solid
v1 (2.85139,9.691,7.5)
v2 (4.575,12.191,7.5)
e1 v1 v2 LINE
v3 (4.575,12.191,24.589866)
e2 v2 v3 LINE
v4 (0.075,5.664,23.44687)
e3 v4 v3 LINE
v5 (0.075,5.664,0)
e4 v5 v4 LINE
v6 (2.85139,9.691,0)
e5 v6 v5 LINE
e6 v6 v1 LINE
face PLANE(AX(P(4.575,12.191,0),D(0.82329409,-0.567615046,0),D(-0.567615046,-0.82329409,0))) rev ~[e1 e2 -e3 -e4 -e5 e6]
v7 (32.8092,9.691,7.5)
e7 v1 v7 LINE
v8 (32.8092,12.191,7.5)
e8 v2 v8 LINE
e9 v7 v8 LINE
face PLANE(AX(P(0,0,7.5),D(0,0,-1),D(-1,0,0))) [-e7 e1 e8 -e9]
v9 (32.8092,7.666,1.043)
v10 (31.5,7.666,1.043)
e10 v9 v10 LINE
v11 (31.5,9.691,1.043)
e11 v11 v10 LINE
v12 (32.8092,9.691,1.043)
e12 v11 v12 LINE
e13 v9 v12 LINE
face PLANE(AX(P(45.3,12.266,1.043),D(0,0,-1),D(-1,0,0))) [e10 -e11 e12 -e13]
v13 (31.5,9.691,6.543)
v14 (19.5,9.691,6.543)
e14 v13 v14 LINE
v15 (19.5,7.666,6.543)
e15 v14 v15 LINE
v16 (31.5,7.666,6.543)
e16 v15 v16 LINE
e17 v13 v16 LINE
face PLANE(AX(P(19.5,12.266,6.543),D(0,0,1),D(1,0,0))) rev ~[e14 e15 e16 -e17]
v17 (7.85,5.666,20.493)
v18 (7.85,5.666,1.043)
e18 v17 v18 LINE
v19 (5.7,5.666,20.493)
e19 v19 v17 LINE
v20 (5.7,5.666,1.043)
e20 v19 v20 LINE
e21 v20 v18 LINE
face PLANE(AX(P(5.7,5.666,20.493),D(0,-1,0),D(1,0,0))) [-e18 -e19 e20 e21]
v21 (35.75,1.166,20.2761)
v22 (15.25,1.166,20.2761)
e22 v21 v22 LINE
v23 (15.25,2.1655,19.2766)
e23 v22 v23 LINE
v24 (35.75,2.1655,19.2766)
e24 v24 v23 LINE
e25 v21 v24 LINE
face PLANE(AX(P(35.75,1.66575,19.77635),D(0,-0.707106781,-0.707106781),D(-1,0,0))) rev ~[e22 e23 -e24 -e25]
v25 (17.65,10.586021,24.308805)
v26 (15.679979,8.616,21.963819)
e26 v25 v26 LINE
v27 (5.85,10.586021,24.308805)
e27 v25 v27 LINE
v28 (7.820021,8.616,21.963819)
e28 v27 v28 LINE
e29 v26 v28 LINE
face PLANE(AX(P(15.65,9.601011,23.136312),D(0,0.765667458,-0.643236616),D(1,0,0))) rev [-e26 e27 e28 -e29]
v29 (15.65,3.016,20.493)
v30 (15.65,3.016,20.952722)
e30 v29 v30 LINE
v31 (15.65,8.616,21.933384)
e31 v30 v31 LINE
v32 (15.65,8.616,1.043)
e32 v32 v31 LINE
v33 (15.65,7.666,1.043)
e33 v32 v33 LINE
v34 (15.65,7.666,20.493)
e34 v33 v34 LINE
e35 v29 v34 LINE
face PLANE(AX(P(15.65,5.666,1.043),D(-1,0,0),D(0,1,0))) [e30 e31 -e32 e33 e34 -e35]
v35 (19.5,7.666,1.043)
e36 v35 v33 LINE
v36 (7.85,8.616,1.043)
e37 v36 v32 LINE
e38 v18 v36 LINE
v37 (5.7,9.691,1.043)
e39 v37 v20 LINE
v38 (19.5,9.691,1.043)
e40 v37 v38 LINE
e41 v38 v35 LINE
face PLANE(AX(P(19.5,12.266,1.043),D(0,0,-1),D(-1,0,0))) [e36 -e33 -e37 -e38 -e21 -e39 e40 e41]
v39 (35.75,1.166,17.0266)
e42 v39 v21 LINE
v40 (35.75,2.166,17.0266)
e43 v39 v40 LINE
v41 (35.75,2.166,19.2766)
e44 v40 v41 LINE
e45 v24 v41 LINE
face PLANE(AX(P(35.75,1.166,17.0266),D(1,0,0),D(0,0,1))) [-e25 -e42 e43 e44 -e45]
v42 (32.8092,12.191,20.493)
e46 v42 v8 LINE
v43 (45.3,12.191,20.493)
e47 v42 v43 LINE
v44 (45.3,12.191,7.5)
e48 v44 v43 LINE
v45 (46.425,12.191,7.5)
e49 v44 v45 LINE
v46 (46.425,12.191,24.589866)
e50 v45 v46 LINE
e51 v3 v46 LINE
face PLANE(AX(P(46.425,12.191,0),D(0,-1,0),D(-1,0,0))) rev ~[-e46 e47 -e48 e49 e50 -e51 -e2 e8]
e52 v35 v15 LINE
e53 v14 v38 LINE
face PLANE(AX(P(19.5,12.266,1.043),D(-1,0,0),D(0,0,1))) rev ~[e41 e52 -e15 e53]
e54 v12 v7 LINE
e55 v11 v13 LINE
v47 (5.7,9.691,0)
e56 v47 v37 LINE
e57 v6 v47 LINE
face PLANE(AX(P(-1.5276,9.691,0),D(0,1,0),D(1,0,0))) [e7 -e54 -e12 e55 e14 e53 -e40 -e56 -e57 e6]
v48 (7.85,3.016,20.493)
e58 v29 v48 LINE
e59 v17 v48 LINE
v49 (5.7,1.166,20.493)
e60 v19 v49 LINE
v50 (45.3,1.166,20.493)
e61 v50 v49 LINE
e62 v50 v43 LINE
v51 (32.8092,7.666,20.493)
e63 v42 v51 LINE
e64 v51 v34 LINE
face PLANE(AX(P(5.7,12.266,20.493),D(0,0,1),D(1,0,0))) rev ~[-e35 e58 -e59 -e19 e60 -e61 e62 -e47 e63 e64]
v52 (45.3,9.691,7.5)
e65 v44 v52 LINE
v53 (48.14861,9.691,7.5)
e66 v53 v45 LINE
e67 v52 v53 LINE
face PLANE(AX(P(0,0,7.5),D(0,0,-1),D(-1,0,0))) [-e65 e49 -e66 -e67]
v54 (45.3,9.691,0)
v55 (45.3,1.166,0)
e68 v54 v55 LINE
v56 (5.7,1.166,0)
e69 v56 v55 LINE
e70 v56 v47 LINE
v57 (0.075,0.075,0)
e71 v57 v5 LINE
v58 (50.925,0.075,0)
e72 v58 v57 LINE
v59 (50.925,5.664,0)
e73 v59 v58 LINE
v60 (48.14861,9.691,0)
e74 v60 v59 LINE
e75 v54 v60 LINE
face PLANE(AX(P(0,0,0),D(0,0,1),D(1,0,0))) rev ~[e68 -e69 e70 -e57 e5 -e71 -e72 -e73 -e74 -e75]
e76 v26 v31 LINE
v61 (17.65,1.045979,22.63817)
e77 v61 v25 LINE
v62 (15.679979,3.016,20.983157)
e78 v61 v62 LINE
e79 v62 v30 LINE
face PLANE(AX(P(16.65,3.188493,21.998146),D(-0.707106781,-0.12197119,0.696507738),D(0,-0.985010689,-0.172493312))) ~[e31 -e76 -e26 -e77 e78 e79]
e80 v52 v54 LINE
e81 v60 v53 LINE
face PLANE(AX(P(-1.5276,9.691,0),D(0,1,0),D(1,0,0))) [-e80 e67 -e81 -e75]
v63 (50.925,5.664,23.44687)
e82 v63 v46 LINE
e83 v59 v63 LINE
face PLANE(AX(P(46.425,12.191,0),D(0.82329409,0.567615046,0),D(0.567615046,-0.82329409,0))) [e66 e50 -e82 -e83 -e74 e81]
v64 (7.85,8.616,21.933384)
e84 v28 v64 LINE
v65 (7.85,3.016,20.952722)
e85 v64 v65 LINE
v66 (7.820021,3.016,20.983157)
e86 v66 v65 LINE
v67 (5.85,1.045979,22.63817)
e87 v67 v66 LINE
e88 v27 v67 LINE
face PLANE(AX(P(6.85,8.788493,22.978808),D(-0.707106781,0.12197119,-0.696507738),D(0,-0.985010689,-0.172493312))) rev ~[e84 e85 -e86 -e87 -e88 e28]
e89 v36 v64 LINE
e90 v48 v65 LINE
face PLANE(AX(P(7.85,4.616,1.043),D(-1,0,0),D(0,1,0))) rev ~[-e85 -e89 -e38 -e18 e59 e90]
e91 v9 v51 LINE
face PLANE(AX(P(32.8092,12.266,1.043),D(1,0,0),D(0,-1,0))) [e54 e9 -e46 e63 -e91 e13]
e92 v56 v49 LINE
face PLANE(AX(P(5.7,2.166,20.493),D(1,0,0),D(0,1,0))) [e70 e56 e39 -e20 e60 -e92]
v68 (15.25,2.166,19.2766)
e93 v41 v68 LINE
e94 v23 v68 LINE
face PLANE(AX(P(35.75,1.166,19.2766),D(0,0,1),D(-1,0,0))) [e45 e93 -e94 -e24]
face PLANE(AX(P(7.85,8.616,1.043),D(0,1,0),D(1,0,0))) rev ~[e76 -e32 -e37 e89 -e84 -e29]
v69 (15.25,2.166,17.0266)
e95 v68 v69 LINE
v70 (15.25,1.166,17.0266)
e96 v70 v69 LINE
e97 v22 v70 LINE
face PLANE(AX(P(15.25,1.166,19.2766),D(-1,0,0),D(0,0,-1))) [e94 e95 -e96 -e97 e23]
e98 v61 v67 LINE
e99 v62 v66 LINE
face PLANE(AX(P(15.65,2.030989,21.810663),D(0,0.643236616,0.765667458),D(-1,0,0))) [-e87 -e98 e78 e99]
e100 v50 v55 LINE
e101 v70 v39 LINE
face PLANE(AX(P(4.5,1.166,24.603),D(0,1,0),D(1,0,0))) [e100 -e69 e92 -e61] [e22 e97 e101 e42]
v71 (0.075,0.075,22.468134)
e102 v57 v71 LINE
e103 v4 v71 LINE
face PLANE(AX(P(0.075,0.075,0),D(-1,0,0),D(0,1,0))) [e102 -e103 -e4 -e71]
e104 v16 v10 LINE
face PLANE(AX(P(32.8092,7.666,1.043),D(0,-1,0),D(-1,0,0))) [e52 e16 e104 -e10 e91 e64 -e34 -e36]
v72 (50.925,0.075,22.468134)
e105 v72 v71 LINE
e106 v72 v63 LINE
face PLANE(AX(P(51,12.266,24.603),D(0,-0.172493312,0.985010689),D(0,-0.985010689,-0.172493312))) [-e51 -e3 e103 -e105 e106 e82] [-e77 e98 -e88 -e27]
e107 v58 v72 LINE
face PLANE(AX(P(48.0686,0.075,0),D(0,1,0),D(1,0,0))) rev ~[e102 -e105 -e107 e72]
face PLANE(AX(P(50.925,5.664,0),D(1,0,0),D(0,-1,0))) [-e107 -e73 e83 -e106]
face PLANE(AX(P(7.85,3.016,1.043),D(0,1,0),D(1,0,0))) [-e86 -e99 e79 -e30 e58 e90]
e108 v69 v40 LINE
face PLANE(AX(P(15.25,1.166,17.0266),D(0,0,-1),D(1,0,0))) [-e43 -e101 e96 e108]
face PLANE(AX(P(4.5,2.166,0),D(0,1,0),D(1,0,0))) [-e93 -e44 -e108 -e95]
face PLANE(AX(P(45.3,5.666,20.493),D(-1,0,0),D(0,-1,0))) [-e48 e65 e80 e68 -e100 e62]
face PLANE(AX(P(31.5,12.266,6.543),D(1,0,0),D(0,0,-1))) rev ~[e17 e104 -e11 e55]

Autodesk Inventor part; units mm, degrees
ref_plane "YZ Plane" through (0, 0, 0) normal (1, 0, 0) x (0, 1, 0)
ref_plane "XZ Plane" through (0, 0, 0) normal (0, 1, 0) x (-1, 0, 0)
sketch "Sketch1" plane through (0, 0, 0) normal (0, 0, 1) x (1, 0, 0)
  line L0 (0, 0) -> (51, 0)
  line L1 (51, 0) -> (51, 5.739)
  line L2 (51, 5.739) -> (0, 5.739) construction
  line L3 (0, 5.739) -> (0, 0)
  line L4 (4.5, 5.739) -> (46.5, 5.739)
  line L5 (46.5, 5.739) -> (46.5, 12.266) construction
  line L6 (46.5, 12.266) -> (4.5, 12.266)
  line L7 (4.5, 12.266) -> (4.5, 5.739) construction
  line L8 (4.5, 12.266) -> (0, 5.739)
  line L9 (46.5, 12.266) -> (51, 5.739)
  dimension "d0" = 51
  dimension "d1" = 5.739
  dimension "d2" = 42
  dimension "d3" = 4.5
  dimension "d4" = 12.266
extrude "Extrusion1" add sketch "Sketch1" along normal blind 22.455
sketch "Sketch2" plane through (51, 0, 0) normal (1, 0, 0) x (0, 0, -1)
  line L0 (-22.455, 12.266) -> (-22.455, 5.739) projected
  line L1 (-22.455, 12.266) -> (-24.603, 12.266)
  line L2 (-22.455, 5.739) -> (-22.455, 0) projected
  line L3 (-24.603, 12.266) -> (-22.455, 0)
  line L4 (-22.455, 0) -> (-22.455, 12.266)
  point P0 (0, 0)
  dimension "d7" = 2.148
extrude "Extrusion2" add sketch "Sketch2" against normal up to surface (51 mm away)
sketch "Sketch3" plane through (0, 0, 0) normal (0, 0, -1) x (-1, 0, 0)
  line L0 (-51, 5.739) -> (-46.5, 12.266) projected
  line L1 (-46.5, 12.266) -> (-51, 5.739)
  line L2 (-51, 5.739) -> (-60.9571, 11.6755)
  line L3 (-60.9571, 11.6755) -> (-47.5167, 21.4504)
  line L4 (-47.5167, 21.4504) -> (-46.5, 12.266)
  line L5 (-4.5, 12.266) -> (0, 12.266) projected
  line L6 (-46.5, 12.266) -> (-4.5, 12.266)
  line L7 (-4.5, 12.266) -> (0, 5.739) projected
  line L8 (-4.5, 12.266) -> (0, 5.739)
  line L9 (0, 5.739) -> (11.7434, 10.0464)
  line L10 (11.7434, 10.0464) -> (6.509, 19.8561)
  line L11 (6.509, 19.8561) -> (-3.5865, 15.5171)
  line L12 (-3.5865, 15.5171) -> (-4.5, 12.266)
  point P0 (0, 0)
extrude "Extrusion3" cut sketch "Sketch3" against normal up to surface surface through (51, 0, 22.455) normal (0, -0.1725, 0.985)
sketch "Sketch4" plane through (4.5, 12.266, 0) normal (0, 1, 0) x (1, 0, 0)
  line L0 (1.5, -1.193) -> (40.5, -1.193)
  line L1 (40.5, -1.193) -> (40.5, -20.193)
  line L2 (40.5, -20.193) -> (1.5, -20.193)
  line L3 (1.5, -20.193) -> (1.5, -1.193)
  line L4 (-4.5, 0) -> (-4.5, -23.46) projected
  line L5 (46.5, 0) -> (46.5, -23.46) projected
  line L6 (42, 0) -> (0, 0) projected
  dimension "d12" = 39
  dimension "d13" = 6
  dimension "d14" = 51
  dimension "d15" = 1.193
  dimension "d16" = 19
extrude "Extrusion4" cut sketch "Sketch4" against normal blind 11.1
sketch "Sketch5" plane through (6, 12.266, 1.193) normal (0, 0, 1) x (1, 0, 0)
  line L0 (8.3, -6.1) -> (13.3, -6.1)
  line L1 (13.3, -6.1) -> (13.3, -3.6)
  line L2 (13.3, -3.6) -> (8.3, -3.6)
  line L3 (8.3, -3.6) -> (8.3, -6.1)
  line L4 (25.7, -6.1) -> (30.7, -6.1)
  line L5 (30.7, -6.1) -> (30.7, -3.6)
  line L6 (30.7, -3.6) -> (25.7, -3.6)
  line L7 (25.7, -3.6) -> (25.7, -6.1)
  line L8 (0, -11.1) -> (39, -11.1) projected
  line L9 (15.3, -4.0951) -> (23.7, -4.0951) construction
  line L10 (23.7, -4.0951) -> (23.7, -9.0951) construction
  line L11 (23.7, -9.0951) -> (15.3, -9.0951) construction
  line L12 (15.3, -9.0951) -> (15.3, -4.0951) construction
  line L13 (0, 0) -> (0, -11.1) projected
  line L14 (39, 0) -> (39, -11.1) projected
  point P0 (-6, -12.266)
  dimension "d19" = 5
  dimension "d20" = 5
  dimension "d23" = 2.5
  dimension "d24" = 5
  dimension "d25" = 0
  dimension "d26" = 5
  dimension "d27" = 8.4
  dimension "d28" = 5
  dimension "d29" = 15.3
  dimension "d30" = 15.3
  dimension "d31" = 2
  dimension "d32" = 2
extrude "Extrusion5" add sketch "Sketch5" along normal blind 6
sketch "Sketch6" plane through (4.5, 1.166, 0) normal (0, 1, 0) x (1, 0, 0)
  line L0 (10.75, -17.0266) -> (31.25, -17.0266)
  line L1 (31.25, -17.0266) -> (31.25, -19.2766)
  line L2 (31.25, -19.2766) -> (10.75, -19.2766)
  line L3 (10.75, -19.2766) -> (10.75, -17.0266)
  line L4 (1.5, -20.193) -> (1.5, -1.193) projected
  point P0 (-4.5, 0)
  dimension "d35" = 2.25
  dimension "d36" = 20.5
  dimension "d37" = 9.25
extrude "Extrusion6" add sketch "Sketch6" along normal blind 1
sketch "Sketch7" plane through (45, 12.266, 20.193) normal (0, 0, -1) x (-1, 0, 0)
  line L0 (37, -7.5) -> (29.5, -7.5)
  line L1 (29.5, -7.5) -> (29.5, -3.8)
  line L2 (29.5, -3.8) -> (37, -3.8)
  line L3 (37, -3.8) -> (37, -7.5)
  line L4 (0, -11.1) -> (39, -11.1) projected
  line L5 (39, 0) -> (39, -11.1) projected
  line L6 (29.75, -10.1) -> (9.25, -10.1) projected
  point P0 (45, -12.266)
  dimension "d40" = 7.5
  dimension "d41" = 3.7
  dimension "d43" = 2
  dimension "d106" = 2.6
extrude "Extrusion7" cut sketch "Sketch7" against normal blind 8.25
sketch "Sketch9" plane through (4.5, 1.166, 0) normal (0, 1, 0) x (1, 0, 0)
  line L0 (9.8, -7.193) -> (14.8, -7.193) projected
  circle A0 centre (9.8, -7.193) radius 0.5
  circle A1 centre (14.8, -7.193) radius 0.5
  circle A2 centre (27.2, -7.193) radius 0.5
  line L1 (27.2, -7.193) -> (32.2, -7.193) projected
  circle A3 centre (32.2, -7.193) radius 0.5
  point P0 (-4.5, 0)
  dimension "d51" = 1
  dimension "d52" = 1
  dimension "d53" = 1
  dimension "d54" = 1
extrude "Extrusion9" add sketch "Sketch9" along normal blind 1
sketch "Sketch10" plane through (14.3, 2.166, 7.193) normal (0, 1, 0) x (1, 0, 0)
  line L0 (0, 0) -> (5, 0) projected
  circle A0 centre (0, 0) radius 1
  line L1 (5, 6) -> (5, 0) projected
  circle A1 centre (5, 0) radius 1
  circle A2 centre (17.4, 0) radius 0.5 projected
  circle A3 centre (17.4, 0) radius 1
  line L2 (17.4, 0) -> (22.4, 0) projected
  circle A4 centre (22.4, 0) radius 1
  point P0 (-14.3, 7.193)
  dimension "d57" = 2
  dimension "d58" = 2
  dimension "d59" = 2
  dimension "d60" = 2
extrude "Extrusion10" add sketch "Sketch10" along normal blind 3 contours A1 L1 L0 | L0 L1 A1 | A0 | A2 | A3 | A4
sketch "Sketch11" plane through (14.3, 5.166, 7.193) normal (0, 1, 0) x (1, 0, 0)
  circle A0 centre (0, 0) radius 0.5 projected
  circle A1 centre (0, 0) radius 0.5
  circle A2 centre (5, 0) radius 0.5 projected
  circle A3 centre (5, 0) radius 0.5
  circle A4 centre (17.4, 0) radius 0.5 projected
  circle A5 centre (17.4, 0) radius 0.5
  circle A6 centre (22.4, 0) radius 0.5 projected
  circle A7 centre (22.4, 0) radius 0.5
  point P0 (-14.3, 7.193)
extrude "Extrusion11" add sketch "Sketch11" along normal blind 1
ref_plane "Work Plane1" through (4.65, 12.116, 0) normal (0, 1, 0) x (1, 0, 0)
sketch "Sketch13" plane through (4.65, 12.116, 0) normal (0, 1, 0) x (1, 0, 0)
  line L0 (40.35, -20.193) -> (1.35, -20.193) projected
  line L1 (1.35, -20.193) -> (40.35, -20.193)
  line L2 (40.35, -20.193) -> (40.35, -20.343)
  line L3 (40.35, -20.343) -> (1.35, -20.343)
  line L4 (40.35, -20.343) -> (40.5, -20.343)
  line L5 (40.5, -20.343) -> (40.5, -1.193)
  line L6 (40.5, -1.193) -> (40.35, -1.193)
  line L7 (40.35, -1.193) -> (40.35, -20.343)
  line L8 (40.5, -1.193) -> (1.35, -1.193)
  line L9 (1.35, -1.193) -> (1.35, -1.043)
  line L10 (1.35, -1.043) -> (40.5, -1.043)
  line L11 (40.5, -1.043) -> (40.5, -1.193)
  line L12 (1.35, -1.043) -> (1.2, -1.043)
  line L13 (1.2, -1.043) -> (1.2, -20.343)
  line L14 (1.2, -20.343) -> (1.35, -20.343)
  line L15 (1.35, -20.193) -> (1.35, -1.043)
  point P0 (-4.65, 0)
  point P1 (1.35, -20.193)
  point P2 (1.35, -1.193)
  dimension "d77" = 0.15
  dimension "d78" = 0.15
  dimension "d79" = 0.15
  dimension "d80" = 0.15
extrude "Extrusion13" cut sketch "Sketch13" along normal blind 10.95 and the other way blind 10.95 contours L2 L3 L14 L13 L12 L9 L15 L0 | L7 L6 L5 L4 L2 | L8 L9 L10 L11 L6
sketch "Sketch14" plane through (14.3, 8.666, 7.193) normal (0, 1, 0) x (1, 0, 0)
  line L0 (0, 6) -> (5, 6) projected
  line L1 (0, 6) -> (5, 6)
  line L2 (5, 6) -> (5, 6.15)
  line L3 (5, 6.15) -> (0, 6.15)
  line L4 (0, 6.15) -> (0, 6)
  line L5 (17.4, 6) -> (17.4, 0) projected
  line L6 (17.4, 6) -> (22.4, 6)
  line L7 (22.4, 6) -> (22.4, 6.15)
  line L8 (22.4, 6.15) -> (17.4, 6.15)
  line L9 (17.4, 6.15) -> (17.4, 6)
  point P0 (-14.3, 7.193)
  dimension "d83" = 5
  dimension "d84" = 0.15
  dimension "d85" = 5
  dimension "d86" = 0.15
extrude "Extrusion14" add sketch "Sketch14" against normal up to surface (2.5 mm away)
sketch "Sketch16" plane through (4.5, 12.266, 24.603) normal (0, 1, 0) x (1, 0, 0)
  line L0 (1.35, 23.56) -> (40.65, 23.56) projected
  line L1 (1.35, 23.56) -> (1.2, 23.56)
  line L2 (1.2, 23.56) -> (1.2, 4.11)
  line L3 (1.2, 4.11) -> (1.35, 4.11)
  line L4 (1.35, 4.11) -> (1.35, 23.56)
  line L5 (40.65, 4.26) -> (1.35, 4.26) projected
  line L6 (40.65, 4.26) -> (1.35, 4.26) projected
  line L7 (1.35, 4.11) -> (40.65, 4.11)
  line L8 (40.65, 4.11) -> (40.65, 4.26)
  line L9 (40.65, 4.26) -> (1.35, 4.26)
  line L10 (1.35, 4.26) -> (1.35, 4.11)
  line L11 (40.65, 4.11) -> (40.8, 4.11)
  line L12 (40.8, 4.11) -> (40.8, 23.56)
  line L13 (40.8, 23.56) -> (40.65, 23.56)
  line L14 (40.65, 23.56) -> (40.65, 4.11)
  point P0 (-4.5, 24.603)
  point P1 (14.8, 23.56)
  point P2 (40.65, 4.26)
  dimension "d96" = 0.15
  dimension "d97" = 0.15
  dimension "d98" = 0.15
extrude "Extrusion16" cut sketch "Sketch16" against normal up to surface (11.1 mm away) contours L4 L3 L2 L1 | L13 L12 L11 L8 L14 | L5 L8 L7 L4
sketch "Sketch17" plane through (14.3, 8.666, 7.193) normal (0, 1, 0) x (1, 0, 0)
  line L0 (31, 6.15) -> (-8.6, 6.15) projected
  line L1 (-3.1355, -2.3842) -> (26.7601, -2.3842)
  line L2 (26.7601, -2.3842) -> (26.7601, 6.15)
  line L3 (26.7601, 6.15) -> (-3.1355, 6.15)
  line L4 (-3.1355, 6.15) -> (-3.1355, -2.3842)
  point P0 (-14.3, 7.193)
  point P1 (-3.1355, 6.15)
extrude "Extrusion17" cut sketch "Sketch17" against normal up to surface (7.5 mm away)
sketch "Sketch18" plane through (45.3, 12.266, 20.493) normal (0, 0, -1) x (-1, 0, 0)
  line L0 (37.3, -3.8) -> (29.8, -3.8) projected
  line L1 (29.8, -7.5) -> (37.3, -7.5) projected
  line L2 (29.8, -3.8) -> (37.3, -3.8)
  line L3 (37.3, -3.8) -> (37.3, -7.5)
  line L4 (37.3, -7.5) -> (29.8, -7.5)
  line L5 (29.8, -6.6) -> (29.8, -3.8)
  line L6 (0, -10.1) -> (39.6, -10.1)
  line L7 (39.6, -10.1) -> (39.6, -6.6)
  line L8 (0, -6.6) -> (0, -10.1)
  line L9 (39.6, -11.1) -> (0, -11.1) projected
  line L10 (0, 0) -> (0, -11.1) projected
  line L11 (39.6, 0) -> (39.6, -11.1) projected
  line L12 (12.4908, -6.6) -> (0, -6.6)
  line L13 (0, -6.6) -> (0, 1.6477)
  line L14 (0, 1.6477) -> (12.4908, 1.6477)
  line L15 (12.4908, 1.6477) -> (12.4908, -6.6)
  line L16 (39.6, -6.6) -> (37.3, -6.6)
  line L17 (29.8, -6.6) -> (0, -6.6)
  point P0 (45.3, -12.266)
  point P1 (37.3, -3.8)
  dimension "d107" = 1
  dimension "d108" = 0
  dimension "d109" = 0
  dimension "d110" = 3.5
extrude "Extrusion18" cut sketch "Sketch18" along normal up to surface (20.493 mm away) contours L3 L16 L7 L6 L8 L12 L17 L5 L0 | L12 L10 L13 L14 L15
sketch "Sketch19" plane through (5.7, 12.266, 1.043) normal (0, 0, 1) x (1, 0, 0)
  line L0 (0, 0) -> (0, -6.6) projected
  line L1 (0, 0) -> (0, -6.6)
  line L2 (0, -6.6) -> (2.3, -6.6) projected
  line L3 (0, -6.6) -> (2.3, -6.6)
  line L4 (2.3, -3.8) -> (2.3, -6.6) projected
  line L5 (2.3, -6.6) -> (2.3, -3.8)
  line L6 (9.8, -6.6) -> (9.8, -3.8) projected
  line L7 (2.3, -3.8) -> (9.8, -3.8)
  line L8 (9.8, -6.6) -> (27.1092, -6.6) projected
  line L9 (9.8, -3.8) -> (9.8, -6.6)
  line L10 (9.8, -6.6) -> (27.1092, -6.6)
  line L11 (27.1092, 0) -> (27.1092, -6.6) projected
  line L12 (27.1092, -6.6) -> (27.1092, 0)
  line L13 (0, 0) -> (27.1092, 0) projected
  line L14 (27.1092, 0) -> (0, 0)
  point P0 (-5.7, -12.266)
extrude "Extrusion19" add sketch "Sketch19" along normal up to surface (19.45 mm away)
chamfer "Chamfer5" distance 1 angle 45 1 edges at (25.5, 1.166, 19.2766)
sketch "Sketch20" plane through (4.5, 12.266, 24.603) normal (0, 1, 0) x (1, 0, 0)
  line L0 (27, 23.56) -> (15, 23.56)
  line L1 (15, 23.56) -> (15, 18.06)
  line L2 (15, 18.06) -> (27, 18.06)
  line L3 (27, 18.06) -> (27, 23.56)
  line L4 (42, 24.603) -> (42, 0) projected
  line L5 (40.8, 23.56) -> (1.2, 23.56) projected
  line L6 (40.8, 4.11) -> (40.8, 23.56) projected
  line L7 (28.3092, 24.603) -> (0, 24.603) projected
  line L8 (40.8, 23.56) -> (0, 23.56)
  line L9 (0, 23.56) -> (0, 24.603)
  line L10 (0, 24.603) -> (40.8, 24.603)
  line L11 (40.8, 24.603) -> (40.8, 23.56)
  line L12 (1.2, 23.56) -> (1.2, 24.603) projected
  line L13 (1.2, 23.56) -> (1.2, 24.603)
  point P0 (-4.5, 24.603)
  point P1 (28.3092, 24.603)
  dimension "d118" = 12
  dimension "d119" = 5.5
  dimension "d120" = 15
  dimension "d121" = 0
extrude "Extrusion20" cut sketch "Sketch20" against normal up to surface (11.1 mm away) contours L3 L2 L1 L0 | L0 L5 L12 L7 L10 L11
sketch "Sketch21" plane through (19.5, 12.266, 1.043) normal (0, 0, -1) x (-1, 0, 0)
  line L0 (11.65, -3.65) -> (3.85, -3.65)
  line L1 (3.85, -3.65) -> (3.85, -7.65)
  line L2 (3.85, -7.65) -> (11.65, -7.65)
  line L3 (11.65, -7.65) -> (11.65, -3.65)
  line L4 (4, -7.5) -> (11.5, -7.5) projected
  line L5 (11.5, -6.6) -> (11.5, -3.8) projected
  line L6 (11.5, -3.8) -> (4, -3.8) projected
  line L7 (4, -3.8) -> (4, -6.6) projected
  point P0 (19.5, -12.266)
  dimension "d127" = 0.15
  dimension "d128" = 0.15
  dimension "d129" = 0.15
  dimension "d130" = 0.15
extrude "Extrusion21" cut sketch "Sketch21" against normal blind 31.75
sketch "Sketch22" plane through (0, 0, 0) normal (0, 0, -1) x (-1, 0, 0)
  line L0 (0, 0) -> (-51, 0) projected
  line L1 (-48.0686, 0.075) -> (-48.0686, 5.664)
  line L2 (-48.0686, 5.664) -> (-50.925, 5.664)
  line L3 (-50.925, 5.664) -> (-50.925, 0)
  line L4 (-51, 0) -> (-51, 5.739) projected
  line L5 (-46.425, 12.191) -> (-4.575, 12.191)
  line L6 (-4.575, 12.191) -> (-4.575, 10.7889)
  line L7 (-4.575, 10.7889) -> (-46.425, 10.7889)
  line L8 (-46.425, 10.7889) -> (-46.425, 12.191)
  line L9 (-46.5, 12.266) -> (-45.3, 12.266) projected
  line L10 (-46.425, 12.191) -> (-50.925, 5.664)
  line L11 (-4.5, 12.266) -> (0, 5.739) projected
  line L12 (-4.5, 12.266) -> (-4.5, 12.191)
  line L13 (-0.075, 5.664) -> (-3.316, 5.664)
  line L14 (-3.316, 5.664) -> (-3.316, 0.075)
  line L15 (-3.316, 0.075) -> (-0.075, 0.075)
  line L16 (-0.075, 0.075) -> (-0.075, 5.664)
  line L17 (0, 5.739) -> (0, 0) projected
  line L18 (-2.5152, 0.075) -> (-50.925, 0.075)
  line L19 (-4.575, 12.191) -> (-0.075, 5.664)
  line L20 (-56.1384, 19.3089) -> (5.3799, 19.3089)
  line L21 (5.3799, 19.3089) -> (5.3799, -4.8972)
  line L22 (5.3799, -4.8972) -> (-56.1384, -4.8972)
  line L23 (-56.1384, -4.8972) -> (-56.1384, 19.3089)
  point P0 (-3.316, 0.075)
  dimension "d133" = 0.075
  dimension "d134" = 0.075
  dimension "d135" = 0.075
  dimension "d136" = 0.075
  dimension "d137" = 0.075
  dimension "d138" = 0.075
  dimension "d139" = 0.075
  dimension "d140" = 0.075
extrude "Extrusion22" cut sketch "Sketch22" against normal blind 29
sketch "Sketch23" plane through (15.65, 8.616, 1.043) normal (0, 0, -1) x (-1, 0, 0)
  line L0 (0, -2.95) -> (0, 0) projected
  line L1 (0, 0) -> (7.8, 0)
  line L2 (7.8, 0) -> (7.8, -5.6)
  line L3 (7.8, -5.6) -> (0, -5.6)
  line L4 (0, -5.6) -> (0, 0)
  line L5 (7.8, -4) -> (0, -4) projected
  line L6 (0, -2.95) -> (-17.1592, -2.95) projected
  line L7 (-17.1592, -2.95) -> (-17.1592, 3.575) projected
  line L8 (0, -2.95) -> (-17.1592, -2.95)
  line L9 (-17.1592, -2.95) -> (-17.1592, -0.95)
  line L10 (-17.1592, -0.95) -> (0, -0.95)
  line L11 (0, -0.95) -> (0, -2.95)
  point P0 (15.65, -8.616)
  point P1 (0, -0.95)
  dimension "d143" = 1.6
  dimension "d144" = 2
extrude "Extrusion23" cut sketch "Sketch23" against normal up to surface contours L0 L1 L2 L5 L4 | L5 L2 L3 L4 surface through (51, 0, 22.455) normal (0, -0.1725, 0.985)
extrude "Extrusion24" cut sketch "Sketch23" against normal up to surface (19.45 mm away) contours L6 L7 L10 L0
chamfer "Chamfer7" distance 2 angle 45 4 edges at (11.75, 8.616, 23.9638) (7.85, 5.816, 23.4735) (15.65, 5.816, 23.4735) (11.75, 3.016, 22.9832)
sketch "Sketch24" plane through (0, 0, 0) normal (0, 0, -1) x (-1, 0, 0)
  line L0 (-51.2021, 14.8719) -> (1.5276, 14.8719)
  line L1 (1.5276, 14.8719) -> (1.5276, 9.691)
  line L2 (1.5276, 9.691) -> (-51.2021, 9.691)
  line L3 (-51.2021, 9.691) -> (-51.2021, 14.8719)
  line L4 (-45.3, 12.191) -> (-46.425, 12.191) projected
  point P0 (0, 0)
  dimension "d152" = 2.5
extrude "Extrusion25" cut sketch "Sketch24" against normal blind 7.5
properties part number "eonPCBcarrier"
